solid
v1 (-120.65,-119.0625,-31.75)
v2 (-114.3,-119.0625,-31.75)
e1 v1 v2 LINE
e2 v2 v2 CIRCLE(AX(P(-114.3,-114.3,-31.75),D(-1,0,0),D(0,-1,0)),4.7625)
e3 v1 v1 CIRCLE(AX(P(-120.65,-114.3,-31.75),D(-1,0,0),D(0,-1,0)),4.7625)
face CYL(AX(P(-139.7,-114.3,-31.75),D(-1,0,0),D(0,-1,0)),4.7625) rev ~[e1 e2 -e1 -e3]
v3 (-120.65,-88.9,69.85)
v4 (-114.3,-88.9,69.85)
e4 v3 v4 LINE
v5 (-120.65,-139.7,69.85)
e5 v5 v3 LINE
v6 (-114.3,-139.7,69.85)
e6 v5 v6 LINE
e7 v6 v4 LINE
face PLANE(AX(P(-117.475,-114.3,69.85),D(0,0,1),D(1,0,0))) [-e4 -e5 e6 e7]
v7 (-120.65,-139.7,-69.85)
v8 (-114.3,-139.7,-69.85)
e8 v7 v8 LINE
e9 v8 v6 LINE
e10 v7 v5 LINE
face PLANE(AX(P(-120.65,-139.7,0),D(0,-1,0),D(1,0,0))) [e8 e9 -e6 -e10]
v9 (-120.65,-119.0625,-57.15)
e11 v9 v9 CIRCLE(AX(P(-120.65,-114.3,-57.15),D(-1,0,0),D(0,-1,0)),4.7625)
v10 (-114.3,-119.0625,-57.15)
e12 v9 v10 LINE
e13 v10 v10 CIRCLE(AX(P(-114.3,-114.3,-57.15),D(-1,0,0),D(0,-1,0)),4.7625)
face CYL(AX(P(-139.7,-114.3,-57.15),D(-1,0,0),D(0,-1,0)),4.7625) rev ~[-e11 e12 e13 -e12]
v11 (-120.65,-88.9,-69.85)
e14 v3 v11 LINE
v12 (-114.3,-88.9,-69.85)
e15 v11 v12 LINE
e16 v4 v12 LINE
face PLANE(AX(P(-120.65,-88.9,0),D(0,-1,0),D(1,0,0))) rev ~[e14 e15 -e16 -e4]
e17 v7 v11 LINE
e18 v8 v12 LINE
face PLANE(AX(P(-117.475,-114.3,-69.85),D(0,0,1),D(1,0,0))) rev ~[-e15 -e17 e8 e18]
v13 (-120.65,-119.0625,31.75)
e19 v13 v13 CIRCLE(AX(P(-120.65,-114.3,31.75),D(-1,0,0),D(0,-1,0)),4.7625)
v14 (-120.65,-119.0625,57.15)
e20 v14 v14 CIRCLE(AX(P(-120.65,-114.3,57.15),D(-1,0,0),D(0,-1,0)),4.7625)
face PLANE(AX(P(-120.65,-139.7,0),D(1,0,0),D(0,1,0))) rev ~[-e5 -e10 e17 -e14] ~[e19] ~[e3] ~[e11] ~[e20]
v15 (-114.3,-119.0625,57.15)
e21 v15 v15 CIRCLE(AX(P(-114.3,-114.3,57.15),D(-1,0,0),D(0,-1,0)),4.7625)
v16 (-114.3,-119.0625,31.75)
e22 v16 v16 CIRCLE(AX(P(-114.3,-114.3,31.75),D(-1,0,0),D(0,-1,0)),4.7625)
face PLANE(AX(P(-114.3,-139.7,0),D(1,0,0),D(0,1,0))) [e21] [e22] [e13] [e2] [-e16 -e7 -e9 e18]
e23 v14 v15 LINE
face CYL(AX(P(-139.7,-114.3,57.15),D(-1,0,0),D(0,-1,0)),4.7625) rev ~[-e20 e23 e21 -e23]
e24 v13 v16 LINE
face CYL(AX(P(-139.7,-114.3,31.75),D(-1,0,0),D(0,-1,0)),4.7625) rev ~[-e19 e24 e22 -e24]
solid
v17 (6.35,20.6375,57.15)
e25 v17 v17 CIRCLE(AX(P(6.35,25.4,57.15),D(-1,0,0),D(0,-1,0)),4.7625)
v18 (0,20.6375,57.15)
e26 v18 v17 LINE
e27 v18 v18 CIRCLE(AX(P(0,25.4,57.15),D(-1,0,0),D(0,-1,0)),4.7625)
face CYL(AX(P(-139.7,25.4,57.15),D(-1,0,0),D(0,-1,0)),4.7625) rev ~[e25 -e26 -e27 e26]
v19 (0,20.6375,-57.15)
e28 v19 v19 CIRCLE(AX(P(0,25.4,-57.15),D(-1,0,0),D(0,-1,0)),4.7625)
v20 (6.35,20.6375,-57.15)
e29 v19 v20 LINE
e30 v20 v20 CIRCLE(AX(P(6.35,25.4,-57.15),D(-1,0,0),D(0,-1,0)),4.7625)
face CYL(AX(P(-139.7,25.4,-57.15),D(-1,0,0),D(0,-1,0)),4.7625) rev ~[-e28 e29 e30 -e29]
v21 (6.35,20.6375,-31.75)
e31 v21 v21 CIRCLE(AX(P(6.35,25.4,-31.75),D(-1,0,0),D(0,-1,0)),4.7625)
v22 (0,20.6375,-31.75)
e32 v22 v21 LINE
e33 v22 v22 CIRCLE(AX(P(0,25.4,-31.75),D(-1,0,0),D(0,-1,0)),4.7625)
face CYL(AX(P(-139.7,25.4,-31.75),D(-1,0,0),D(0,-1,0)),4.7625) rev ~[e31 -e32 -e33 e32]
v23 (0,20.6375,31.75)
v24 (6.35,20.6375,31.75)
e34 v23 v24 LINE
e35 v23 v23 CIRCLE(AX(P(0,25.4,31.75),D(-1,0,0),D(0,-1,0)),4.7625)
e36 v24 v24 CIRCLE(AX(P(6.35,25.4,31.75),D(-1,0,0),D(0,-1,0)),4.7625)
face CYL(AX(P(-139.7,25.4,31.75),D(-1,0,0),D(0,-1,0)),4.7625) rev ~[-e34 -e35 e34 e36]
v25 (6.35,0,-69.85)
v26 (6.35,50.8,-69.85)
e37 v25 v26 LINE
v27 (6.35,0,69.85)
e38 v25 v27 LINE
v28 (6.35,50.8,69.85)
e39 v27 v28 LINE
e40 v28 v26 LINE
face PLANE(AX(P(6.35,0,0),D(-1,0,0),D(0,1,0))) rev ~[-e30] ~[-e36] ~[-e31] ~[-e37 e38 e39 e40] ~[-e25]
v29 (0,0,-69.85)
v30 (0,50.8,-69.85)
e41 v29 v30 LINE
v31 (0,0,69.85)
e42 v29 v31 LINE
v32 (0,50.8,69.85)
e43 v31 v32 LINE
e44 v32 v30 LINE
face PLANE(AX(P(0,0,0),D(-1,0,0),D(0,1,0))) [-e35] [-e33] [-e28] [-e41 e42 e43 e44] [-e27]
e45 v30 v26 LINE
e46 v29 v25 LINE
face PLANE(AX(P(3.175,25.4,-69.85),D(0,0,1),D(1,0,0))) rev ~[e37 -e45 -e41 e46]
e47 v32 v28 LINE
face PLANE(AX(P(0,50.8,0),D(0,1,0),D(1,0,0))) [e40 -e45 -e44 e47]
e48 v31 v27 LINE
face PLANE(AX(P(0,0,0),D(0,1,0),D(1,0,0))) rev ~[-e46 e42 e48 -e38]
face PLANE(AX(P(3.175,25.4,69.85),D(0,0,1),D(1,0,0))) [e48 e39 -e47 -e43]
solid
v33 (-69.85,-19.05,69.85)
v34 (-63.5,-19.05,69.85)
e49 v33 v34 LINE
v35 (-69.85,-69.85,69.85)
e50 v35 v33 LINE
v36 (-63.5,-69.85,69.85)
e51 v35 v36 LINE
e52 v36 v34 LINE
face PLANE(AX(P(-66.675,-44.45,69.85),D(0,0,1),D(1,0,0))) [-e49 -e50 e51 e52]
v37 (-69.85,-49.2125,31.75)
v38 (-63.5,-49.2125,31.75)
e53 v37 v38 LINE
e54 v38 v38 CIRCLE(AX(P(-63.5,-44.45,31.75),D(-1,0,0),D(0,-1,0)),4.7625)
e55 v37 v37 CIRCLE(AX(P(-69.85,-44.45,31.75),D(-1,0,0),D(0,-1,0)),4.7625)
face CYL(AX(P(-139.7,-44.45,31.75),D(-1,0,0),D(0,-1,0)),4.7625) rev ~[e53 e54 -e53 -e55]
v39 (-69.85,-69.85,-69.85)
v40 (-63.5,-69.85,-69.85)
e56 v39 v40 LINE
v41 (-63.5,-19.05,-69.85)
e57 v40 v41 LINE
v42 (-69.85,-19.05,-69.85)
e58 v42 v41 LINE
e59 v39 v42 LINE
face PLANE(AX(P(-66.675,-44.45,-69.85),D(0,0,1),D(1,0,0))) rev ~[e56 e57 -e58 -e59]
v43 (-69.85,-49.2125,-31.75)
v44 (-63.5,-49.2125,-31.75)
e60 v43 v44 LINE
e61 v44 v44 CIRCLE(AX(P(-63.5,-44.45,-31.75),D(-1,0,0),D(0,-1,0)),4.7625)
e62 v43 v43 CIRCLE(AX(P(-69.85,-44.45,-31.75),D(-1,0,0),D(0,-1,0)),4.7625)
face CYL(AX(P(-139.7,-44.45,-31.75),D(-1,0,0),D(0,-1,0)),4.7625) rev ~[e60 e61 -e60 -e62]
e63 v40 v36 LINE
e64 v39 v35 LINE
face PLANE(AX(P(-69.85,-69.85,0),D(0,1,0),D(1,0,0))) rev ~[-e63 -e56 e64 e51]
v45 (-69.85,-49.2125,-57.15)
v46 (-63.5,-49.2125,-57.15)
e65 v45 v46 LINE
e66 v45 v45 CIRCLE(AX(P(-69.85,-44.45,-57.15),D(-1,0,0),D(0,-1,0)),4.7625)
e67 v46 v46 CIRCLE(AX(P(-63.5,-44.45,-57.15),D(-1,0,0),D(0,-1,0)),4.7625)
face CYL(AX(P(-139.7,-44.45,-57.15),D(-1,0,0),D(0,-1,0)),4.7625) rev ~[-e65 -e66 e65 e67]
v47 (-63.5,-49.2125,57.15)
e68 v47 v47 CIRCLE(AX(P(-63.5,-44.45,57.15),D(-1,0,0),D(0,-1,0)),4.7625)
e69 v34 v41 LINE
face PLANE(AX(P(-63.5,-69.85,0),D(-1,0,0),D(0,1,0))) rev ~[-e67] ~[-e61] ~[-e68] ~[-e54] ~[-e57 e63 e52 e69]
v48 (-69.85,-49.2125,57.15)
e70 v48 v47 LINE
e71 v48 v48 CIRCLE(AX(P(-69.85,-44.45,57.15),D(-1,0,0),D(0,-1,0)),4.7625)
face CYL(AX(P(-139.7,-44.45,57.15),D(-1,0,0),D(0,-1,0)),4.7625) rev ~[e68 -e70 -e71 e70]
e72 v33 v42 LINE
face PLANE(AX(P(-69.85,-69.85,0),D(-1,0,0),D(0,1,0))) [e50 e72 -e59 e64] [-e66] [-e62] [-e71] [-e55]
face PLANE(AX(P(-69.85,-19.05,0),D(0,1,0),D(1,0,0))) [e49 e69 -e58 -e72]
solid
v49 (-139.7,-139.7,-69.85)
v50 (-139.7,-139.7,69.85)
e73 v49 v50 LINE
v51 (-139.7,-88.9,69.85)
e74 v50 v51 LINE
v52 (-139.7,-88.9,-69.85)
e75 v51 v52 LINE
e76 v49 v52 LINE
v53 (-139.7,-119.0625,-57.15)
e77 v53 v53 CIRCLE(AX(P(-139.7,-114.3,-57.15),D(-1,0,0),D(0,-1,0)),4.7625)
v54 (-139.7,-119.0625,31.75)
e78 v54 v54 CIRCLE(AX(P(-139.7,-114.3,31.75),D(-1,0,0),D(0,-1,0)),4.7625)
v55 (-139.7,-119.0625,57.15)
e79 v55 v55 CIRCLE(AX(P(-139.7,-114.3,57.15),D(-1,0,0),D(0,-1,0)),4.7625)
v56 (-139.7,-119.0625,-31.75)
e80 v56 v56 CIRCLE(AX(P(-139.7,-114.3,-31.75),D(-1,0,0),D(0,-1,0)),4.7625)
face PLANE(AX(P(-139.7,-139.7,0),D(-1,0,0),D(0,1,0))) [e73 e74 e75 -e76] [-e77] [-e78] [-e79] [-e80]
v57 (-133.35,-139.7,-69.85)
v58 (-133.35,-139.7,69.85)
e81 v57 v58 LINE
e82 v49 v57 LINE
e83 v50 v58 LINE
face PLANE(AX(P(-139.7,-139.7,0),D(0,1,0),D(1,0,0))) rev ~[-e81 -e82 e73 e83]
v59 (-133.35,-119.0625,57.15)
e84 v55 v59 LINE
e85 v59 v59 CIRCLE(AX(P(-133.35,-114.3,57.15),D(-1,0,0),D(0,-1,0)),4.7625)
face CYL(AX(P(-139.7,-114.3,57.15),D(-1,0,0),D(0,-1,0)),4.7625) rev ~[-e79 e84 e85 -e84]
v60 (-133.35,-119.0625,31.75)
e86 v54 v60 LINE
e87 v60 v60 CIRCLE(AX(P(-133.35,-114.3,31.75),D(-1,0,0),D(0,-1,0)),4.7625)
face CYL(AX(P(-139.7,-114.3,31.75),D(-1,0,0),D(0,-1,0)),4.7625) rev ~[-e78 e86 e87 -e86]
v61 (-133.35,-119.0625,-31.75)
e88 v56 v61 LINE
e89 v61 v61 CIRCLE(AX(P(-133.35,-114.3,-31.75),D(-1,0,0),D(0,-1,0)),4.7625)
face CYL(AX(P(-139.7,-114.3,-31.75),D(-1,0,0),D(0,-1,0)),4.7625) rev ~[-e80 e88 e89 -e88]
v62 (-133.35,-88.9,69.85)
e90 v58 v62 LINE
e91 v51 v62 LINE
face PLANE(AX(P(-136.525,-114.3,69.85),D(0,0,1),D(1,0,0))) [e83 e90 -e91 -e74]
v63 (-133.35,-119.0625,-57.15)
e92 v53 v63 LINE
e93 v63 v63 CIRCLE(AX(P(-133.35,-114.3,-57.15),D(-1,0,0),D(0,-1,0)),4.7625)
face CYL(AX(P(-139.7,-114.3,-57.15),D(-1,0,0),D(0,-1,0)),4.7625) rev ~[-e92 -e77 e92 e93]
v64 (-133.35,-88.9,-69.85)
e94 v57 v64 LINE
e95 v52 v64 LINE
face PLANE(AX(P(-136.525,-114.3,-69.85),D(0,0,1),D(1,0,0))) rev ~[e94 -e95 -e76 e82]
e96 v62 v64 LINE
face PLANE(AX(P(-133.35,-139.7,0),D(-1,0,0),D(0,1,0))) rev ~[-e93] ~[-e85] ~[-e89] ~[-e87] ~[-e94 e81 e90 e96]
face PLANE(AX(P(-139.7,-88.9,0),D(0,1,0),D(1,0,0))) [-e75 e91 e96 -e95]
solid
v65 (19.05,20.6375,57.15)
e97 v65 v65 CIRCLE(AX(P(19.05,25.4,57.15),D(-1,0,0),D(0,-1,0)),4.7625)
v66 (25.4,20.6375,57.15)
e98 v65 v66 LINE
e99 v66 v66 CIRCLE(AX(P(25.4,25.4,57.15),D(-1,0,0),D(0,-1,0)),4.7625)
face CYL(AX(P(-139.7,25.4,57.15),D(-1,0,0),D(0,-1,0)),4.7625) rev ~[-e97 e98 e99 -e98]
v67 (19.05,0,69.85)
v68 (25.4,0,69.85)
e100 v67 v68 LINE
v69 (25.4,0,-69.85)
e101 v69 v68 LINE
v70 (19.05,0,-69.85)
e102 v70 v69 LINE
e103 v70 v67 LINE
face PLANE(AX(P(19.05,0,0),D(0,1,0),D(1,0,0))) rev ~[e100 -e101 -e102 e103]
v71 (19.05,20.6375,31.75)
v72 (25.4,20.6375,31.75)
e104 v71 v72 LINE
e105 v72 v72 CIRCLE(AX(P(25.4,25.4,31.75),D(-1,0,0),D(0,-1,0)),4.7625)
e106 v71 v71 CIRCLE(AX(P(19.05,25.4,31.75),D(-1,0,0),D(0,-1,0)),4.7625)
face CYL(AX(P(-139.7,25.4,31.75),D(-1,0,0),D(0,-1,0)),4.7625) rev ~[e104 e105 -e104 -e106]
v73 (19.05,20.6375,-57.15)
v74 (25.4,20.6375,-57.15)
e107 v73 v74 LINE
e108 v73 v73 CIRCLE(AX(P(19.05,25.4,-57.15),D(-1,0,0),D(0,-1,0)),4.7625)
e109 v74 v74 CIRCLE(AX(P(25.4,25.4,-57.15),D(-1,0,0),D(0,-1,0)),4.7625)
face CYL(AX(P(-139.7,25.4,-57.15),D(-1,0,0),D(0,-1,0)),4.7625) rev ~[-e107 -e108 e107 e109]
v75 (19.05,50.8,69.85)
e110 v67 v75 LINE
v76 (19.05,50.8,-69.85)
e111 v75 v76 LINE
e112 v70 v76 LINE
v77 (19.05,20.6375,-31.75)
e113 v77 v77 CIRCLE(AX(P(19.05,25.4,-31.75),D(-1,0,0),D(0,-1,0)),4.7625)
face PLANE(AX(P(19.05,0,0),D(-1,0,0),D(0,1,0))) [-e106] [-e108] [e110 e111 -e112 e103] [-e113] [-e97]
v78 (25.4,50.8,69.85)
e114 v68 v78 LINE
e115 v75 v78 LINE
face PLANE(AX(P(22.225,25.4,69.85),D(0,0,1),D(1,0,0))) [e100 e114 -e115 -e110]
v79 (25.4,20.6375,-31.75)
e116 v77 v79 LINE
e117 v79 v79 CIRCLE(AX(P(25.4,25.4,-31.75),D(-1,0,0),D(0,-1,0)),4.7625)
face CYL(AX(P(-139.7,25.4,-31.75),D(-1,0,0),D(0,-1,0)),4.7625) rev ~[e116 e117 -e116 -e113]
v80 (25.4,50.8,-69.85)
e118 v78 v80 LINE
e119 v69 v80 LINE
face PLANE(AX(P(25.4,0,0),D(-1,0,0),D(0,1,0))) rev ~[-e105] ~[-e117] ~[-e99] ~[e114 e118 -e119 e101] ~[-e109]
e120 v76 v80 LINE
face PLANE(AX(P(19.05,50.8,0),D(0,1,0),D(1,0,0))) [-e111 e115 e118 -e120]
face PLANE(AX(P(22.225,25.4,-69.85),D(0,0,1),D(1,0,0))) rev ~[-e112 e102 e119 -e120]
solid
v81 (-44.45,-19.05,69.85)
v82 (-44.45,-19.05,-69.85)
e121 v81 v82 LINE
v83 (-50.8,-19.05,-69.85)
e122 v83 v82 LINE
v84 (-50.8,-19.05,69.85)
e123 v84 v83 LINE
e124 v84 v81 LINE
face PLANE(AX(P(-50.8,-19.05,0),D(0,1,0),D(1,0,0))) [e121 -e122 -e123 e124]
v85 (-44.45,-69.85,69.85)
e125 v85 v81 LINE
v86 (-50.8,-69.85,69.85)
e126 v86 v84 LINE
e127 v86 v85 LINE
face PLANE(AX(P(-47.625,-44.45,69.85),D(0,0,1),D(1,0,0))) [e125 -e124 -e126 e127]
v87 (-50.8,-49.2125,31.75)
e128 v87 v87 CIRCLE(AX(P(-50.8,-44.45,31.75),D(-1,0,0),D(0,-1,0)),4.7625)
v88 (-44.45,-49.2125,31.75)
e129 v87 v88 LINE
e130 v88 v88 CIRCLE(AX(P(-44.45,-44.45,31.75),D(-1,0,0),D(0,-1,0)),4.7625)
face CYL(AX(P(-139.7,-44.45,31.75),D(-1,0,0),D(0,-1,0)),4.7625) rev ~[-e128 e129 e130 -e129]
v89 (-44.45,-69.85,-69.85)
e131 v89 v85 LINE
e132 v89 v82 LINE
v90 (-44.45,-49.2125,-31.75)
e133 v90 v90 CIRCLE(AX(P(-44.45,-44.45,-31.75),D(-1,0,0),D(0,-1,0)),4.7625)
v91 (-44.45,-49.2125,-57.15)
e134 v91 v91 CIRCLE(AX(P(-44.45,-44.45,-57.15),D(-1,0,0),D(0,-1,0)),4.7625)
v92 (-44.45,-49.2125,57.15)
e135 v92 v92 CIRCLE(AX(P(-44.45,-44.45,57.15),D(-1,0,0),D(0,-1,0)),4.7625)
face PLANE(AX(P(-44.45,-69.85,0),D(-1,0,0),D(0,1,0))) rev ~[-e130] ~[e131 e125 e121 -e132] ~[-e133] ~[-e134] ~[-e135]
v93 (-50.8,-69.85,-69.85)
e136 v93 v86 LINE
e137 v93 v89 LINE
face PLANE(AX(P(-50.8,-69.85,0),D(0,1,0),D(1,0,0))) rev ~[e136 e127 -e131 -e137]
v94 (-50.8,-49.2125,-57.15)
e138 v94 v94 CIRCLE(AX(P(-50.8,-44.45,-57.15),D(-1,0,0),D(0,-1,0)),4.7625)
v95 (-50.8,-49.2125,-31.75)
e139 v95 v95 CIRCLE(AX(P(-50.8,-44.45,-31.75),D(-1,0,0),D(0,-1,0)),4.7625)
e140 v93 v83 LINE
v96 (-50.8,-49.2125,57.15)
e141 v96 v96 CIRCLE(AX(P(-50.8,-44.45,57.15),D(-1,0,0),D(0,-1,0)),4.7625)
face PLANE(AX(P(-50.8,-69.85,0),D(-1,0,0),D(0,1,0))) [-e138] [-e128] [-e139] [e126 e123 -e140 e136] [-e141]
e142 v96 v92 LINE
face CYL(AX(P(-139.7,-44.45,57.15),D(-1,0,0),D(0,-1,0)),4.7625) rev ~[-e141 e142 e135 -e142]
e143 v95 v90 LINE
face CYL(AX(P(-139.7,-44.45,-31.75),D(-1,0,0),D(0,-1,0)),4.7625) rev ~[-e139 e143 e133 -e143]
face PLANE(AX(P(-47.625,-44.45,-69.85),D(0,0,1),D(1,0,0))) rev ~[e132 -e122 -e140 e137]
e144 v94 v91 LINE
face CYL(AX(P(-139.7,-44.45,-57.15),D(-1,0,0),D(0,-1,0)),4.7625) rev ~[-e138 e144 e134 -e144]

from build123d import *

# Parameters (mm, degrees)
F0_W     = 6.35
F0_H     = 50.8
F1_DEPTH = 69.85
F2_R     = 4.7625
F3_DEPTH = 165.101


with BuildPart() as f1:
    # F0 (on Top) → F1 (new body, symmetric)
    with BuildSketch(Plane.XY):
        with Locations((3.175, 25.4)):
            Rectangle(F0_W, F0_H)
        with Locations((22.225, 25.4)):
            Rectangle(F0_W, F0_H)
        with Locations((-66.675, -44.45)):
            Rectangle(F0_W, F0_H)
        with Locations((-47.625, -44.45)):
            Rectangle(F0_W, F0_H)
        with Locations((-136.525, -114.3)):
            Rectangle(F0_W, F0_H)
        with Locations((-117.475, -114.3)):
            Rectangle(F0_W, F0_H)
    extrude(amount=F1_DEPTH, both=True)

    # F2 (on face) → F3 (cut, through all)
    with BuildSketch(Plane(origin=(-139.7, 0, 0), x_dir=(0, -1, 0), z_dir=(-1, 0, 0))):
        with Locations((114.3, 57.15)):
            Circle(F2_R)
        with Locations((114.3, 31.75)):
            Circle(F2_R)
        with Locations((114.3, -57.15)):
            Circle(F2_R)
        with Locations((114.3, -31.75)):
            Circle(F2_R)
        with Locations((44.45, 31.75)):
            Circle(F2_R)
        with Locations((44.45, 57.15)):
            Circle(F2_R)
        with Locations((44.45, -57.15)):
            Circle(F2_R)
        with Locations((44.45, -31.75)):
            Circle(F2_R)
        with Locations((-25.4, 31.75)):
            Circle(F2_R)
        with Locations((-25.4, 57.15)):
            Circle(F2_R)
        with Locations((-25.4, -57.15)):
            Circle(F2_R)
        with Locations((-25.4, -31.75)):
            Circle(F2_R)
    extrude(amount=-F3_DEPTH, mode=Mode.SUBTRACT)


solid = f1.part
